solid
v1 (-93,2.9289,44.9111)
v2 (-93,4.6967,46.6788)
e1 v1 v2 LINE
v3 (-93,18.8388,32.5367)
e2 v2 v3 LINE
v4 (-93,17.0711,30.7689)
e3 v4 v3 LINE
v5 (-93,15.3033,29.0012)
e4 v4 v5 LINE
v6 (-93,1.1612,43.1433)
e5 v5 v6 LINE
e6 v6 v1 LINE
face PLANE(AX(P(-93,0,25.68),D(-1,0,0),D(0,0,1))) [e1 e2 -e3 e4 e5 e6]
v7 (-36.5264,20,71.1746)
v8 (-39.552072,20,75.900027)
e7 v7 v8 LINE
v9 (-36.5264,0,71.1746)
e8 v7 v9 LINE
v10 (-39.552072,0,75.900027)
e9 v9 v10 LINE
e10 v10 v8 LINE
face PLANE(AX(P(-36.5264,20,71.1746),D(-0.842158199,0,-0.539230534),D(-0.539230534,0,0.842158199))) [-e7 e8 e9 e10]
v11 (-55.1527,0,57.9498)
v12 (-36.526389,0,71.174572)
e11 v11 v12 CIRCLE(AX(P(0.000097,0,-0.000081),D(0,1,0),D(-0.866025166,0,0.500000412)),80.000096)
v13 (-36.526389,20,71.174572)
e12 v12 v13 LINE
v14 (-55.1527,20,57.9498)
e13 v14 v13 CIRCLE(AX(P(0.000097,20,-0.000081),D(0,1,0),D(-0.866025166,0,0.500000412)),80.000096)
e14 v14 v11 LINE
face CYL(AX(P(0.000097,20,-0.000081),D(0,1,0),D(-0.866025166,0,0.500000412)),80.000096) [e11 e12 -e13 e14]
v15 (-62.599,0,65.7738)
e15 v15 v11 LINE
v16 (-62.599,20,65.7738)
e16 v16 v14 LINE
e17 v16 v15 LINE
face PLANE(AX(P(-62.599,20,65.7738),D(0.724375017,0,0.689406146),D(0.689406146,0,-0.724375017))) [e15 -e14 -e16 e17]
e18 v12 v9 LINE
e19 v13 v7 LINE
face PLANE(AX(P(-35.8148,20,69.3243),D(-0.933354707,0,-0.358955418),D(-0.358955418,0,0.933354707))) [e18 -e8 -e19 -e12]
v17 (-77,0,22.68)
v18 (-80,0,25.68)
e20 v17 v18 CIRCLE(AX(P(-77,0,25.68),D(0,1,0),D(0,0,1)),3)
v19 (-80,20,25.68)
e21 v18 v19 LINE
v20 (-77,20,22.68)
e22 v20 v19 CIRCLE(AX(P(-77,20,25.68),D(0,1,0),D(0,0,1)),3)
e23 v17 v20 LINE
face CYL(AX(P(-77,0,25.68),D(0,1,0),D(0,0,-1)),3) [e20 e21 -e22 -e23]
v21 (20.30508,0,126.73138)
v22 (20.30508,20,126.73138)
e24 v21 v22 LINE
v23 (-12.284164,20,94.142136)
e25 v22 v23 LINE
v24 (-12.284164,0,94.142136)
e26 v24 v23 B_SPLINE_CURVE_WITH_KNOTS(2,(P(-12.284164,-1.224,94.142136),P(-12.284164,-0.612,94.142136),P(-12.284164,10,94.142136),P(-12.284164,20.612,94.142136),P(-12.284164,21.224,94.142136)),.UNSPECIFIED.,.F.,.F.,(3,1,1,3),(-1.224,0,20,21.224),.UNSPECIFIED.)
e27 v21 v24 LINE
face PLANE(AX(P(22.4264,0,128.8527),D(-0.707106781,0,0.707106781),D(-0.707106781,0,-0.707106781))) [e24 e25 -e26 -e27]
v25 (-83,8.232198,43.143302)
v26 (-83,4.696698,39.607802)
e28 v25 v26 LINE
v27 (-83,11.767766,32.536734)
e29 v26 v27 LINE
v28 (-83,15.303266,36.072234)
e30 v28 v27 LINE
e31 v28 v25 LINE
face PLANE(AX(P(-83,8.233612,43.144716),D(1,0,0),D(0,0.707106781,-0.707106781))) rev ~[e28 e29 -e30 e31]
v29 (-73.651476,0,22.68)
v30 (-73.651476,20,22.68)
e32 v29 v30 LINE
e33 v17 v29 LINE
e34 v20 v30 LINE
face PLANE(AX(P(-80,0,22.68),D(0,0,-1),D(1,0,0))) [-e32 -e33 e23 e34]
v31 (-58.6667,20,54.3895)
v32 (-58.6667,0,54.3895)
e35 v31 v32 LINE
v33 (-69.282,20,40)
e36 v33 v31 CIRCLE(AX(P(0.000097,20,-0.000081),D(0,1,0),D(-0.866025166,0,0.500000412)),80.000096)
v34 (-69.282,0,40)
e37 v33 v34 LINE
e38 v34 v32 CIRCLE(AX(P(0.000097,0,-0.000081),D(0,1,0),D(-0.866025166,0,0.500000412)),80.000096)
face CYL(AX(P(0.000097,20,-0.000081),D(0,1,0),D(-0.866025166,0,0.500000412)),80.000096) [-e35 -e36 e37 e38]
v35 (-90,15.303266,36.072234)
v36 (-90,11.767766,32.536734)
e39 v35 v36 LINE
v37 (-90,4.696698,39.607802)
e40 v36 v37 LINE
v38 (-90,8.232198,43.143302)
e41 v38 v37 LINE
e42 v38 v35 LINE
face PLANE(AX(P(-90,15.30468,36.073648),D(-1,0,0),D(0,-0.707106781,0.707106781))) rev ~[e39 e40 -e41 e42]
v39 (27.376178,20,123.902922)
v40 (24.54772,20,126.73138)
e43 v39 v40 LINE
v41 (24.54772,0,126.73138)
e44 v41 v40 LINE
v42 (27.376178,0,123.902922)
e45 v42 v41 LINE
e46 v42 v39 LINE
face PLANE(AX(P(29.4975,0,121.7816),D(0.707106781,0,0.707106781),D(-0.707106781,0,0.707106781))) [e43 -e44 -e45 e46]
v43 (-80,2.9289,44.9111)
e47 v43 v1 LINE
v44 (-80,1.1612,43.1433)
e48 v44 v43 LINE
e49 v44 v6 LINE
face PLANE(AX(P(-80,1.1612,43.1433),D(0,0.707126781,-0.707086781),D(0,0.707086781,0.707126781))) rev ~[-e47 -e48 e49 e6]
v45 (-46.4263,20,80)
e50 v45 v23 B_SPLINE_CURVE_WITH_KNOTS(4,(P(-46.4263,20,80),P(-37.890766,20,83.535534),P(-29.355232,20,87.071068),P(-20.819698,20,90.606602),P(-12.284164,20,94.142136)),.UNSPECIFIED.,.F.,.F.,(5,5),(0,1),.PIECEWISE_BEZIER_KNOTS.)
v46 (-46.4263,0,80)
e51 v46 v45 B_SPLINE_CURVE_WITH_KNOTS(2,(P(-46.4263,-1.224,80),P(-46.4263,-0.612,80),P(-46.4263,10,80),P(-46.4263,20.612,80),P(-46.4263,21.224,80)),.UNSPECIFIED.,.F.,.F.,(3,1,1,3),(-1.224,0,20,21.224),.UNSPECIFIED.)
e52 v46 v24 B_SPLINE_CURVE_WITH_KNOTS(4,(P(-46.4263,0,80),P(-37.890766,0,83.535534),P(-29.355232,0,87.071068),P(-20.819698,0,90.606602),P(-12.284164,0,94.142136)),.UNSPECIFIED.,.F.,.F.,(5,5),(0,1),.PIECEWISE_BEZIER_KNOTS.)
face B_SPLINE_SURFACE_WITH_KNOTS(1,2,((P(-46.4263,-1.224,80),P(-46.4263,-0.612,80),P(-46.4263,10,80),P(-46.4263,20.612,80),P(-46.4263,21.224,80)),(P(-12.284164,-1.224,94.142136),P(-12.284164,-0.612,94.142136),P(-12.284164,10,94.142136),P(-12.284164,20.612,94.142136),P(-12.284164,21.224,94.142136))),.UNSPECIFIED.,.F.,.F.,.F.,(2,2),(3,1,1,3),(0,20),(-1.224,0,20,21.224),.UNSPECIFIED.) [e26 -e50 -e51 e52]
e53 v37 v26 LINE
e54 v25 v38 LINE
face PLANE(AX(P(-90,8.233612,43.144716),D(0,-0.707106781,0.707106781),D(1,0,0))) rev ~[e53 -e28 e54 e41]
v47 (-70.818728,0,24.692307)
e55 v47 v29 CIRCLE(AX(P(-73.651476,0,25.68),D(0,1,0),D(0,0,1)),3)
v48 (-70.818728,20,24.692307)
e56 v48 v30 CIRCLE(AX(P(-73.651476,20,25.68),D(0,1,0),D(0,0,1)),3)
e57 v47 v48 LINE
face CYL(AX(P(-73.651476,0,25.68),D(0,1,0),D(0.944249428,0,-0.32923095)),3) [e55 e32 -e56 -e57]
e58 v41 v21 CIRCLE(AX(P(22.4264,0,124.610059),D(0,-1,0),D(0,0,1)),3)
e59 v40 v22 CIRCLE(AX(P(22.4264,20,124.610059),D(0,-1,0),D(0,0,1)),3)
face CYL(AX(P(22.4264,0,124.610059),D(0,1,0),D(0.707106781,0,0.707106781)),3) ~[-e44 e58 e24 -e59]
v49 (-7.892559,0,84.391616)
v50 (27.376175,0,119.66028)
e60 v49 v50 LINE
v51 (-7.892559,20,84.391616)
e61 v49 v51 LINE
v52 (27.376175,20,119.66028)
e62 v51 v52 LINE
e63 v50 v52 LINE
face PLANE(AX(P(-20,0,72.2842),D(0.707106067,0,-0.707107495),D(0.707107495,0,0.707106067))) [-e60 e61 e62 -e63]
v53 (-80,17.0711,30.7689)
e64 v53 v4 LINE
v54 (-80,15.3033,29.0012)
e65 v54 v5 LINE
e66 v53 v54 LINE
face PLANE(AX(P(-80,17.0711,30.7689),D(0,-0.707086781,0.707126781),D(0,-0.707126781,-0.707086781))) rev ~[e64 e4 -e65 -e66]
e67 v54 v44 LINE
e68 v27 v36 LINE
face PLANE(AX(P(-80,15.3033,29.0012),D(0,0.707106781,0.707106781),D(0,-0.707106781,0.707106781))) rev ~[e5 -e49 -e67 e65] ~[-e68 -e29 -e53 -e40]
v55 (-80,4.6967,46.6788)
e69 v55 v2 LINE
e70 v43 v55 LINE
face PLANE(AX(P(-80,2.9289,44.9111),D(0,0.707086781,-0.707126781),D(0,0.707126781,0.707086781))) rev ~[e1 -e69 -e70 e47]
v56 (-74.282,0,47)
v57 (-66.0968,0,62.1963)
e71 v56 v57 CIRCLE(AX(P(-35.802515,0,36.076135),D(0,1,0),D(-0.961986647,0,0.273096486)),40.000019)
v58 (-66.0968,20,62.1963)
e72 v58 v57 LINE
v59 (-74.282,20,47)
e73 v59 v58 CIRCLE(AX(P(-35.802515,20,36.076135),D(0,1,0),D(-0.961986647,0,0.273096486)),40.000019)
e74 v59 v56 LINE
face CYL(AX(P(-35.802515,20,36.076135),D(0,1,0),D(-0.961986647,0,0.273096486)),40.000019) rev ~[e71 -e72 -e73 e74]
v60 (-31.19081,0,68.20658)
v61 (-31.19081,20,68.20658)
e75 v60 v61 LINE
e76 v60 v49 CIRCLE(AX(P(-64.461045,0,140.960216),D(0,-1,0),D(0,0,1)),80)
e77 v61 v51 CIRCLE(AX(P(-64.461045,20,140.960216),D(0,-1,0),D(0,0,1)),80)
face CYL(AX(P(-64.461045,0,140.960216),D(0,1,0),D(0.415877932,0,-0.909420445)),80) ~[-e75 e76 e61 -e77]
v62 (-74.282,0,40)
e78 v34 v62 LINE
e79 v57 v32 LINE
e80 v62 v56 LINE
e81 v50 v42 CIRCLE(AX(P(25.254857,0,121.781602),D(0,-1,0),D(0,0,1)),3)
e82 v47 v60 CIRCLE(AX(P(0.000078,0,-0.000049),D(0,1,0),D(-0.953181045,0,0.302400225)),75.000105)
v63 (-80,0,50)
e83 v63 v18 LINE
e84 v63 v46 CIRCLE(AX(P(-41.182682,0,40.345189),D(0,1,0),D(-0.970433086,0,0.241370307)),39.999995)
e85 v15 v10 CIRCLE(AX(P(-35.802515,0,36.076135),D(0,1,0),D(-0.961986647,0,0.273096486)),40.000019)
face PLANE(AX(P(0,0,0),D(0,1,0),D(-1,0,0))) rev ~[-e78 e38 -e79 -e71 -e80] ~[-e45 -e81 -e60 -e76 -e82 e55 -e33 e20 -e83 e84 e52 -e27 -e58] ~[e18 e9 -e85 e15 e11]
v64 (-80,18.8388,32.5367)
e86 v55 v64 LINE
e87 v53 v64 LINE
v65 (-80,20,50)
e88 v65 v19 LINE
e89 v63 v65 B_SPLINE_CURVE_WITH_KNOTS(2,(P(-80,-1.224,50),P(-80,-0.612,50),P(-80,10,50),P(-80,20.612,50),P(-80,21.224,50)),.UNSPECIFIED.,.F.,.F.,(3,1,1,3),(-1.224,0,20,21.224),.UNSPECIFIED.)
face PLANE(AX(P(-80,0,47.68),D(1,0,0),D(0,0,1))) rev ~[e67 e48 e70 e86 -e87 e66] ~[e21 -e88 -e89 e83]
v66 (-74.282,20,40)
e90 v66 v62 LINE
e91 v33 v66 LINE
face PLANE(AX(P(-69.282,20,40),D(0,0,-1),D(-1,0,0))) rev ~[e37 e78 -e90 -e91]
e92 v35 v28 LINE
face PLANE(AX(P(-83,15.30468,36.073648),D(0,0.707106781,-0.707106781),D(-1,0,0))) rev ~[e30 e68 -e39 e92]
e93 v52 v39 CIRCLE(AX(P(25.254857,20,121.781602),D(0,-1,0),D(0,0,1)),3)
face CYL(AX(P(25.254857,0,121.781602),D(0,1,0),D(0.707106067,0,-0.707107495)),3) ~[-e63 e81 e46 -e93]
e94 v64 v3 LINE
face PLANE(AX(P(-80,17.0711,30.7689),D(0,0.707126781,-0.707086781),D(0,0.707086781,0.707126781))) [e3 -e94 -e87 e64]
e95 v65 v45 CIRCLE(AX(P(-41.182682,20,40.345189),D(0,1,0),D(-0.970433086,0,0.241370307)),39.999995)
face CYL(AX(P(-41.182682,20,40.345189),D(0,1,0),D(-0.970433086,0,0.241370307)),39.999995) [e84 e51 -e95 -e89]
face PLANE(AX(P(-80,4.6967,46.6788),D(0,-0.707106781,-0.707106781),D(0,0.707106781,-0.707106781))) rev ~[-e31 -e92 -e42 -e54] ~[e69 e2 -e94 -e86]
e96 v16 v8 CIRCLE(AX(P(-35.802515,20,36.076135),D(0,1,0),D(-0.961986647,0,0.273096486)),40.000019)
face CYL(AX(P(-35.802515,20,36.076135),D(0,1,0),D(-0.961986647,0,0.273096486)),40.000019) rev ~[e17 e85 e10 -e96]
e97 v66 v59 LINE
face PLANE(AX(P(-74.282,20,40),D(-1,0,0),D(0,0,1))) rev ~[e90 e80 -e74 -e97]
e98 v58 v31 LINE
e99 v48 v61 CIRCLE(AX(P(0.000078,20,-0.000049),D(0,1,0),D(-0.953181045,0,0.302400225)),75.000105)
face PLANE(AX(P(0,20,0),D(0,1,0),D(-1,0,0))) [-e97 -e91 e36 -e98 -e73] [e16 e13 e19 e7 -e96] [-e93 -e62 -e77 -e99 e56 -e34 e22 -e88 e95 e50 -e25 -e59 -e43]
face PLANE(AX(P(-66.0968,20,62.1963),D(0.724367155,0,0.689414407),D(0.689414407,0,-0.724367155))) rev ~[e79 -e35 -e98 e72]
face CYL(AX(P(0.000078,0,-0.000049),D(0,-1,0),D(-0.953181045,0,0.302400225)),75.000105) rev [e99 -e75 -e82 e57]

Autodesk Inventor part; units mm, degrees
ref_plane "YZ Plane" through (0, 0, 0) normal (1, 0, 0) x (0, 1, 0)
ref_plane "XZ Plane" through (0, 0, 0) normal (0, 1, 0) x (-1, 0, 0)
ref_plane "XY Plane" through (0, 0, 0) normal (0, 0, 1) x (1, 0, 0)
sketch "Boceto1" plane through (0, 0, 0) normal (0, 1, 0) x (-1, 0, 0)
  line L0 (80, 47.68) -> (80, 52.68)
  line L1 (80, 47.68) -> (80, 22.68)
  line L2 (80, 22.68) -> (75, 22.68)
  line L3 (75, 22.68) -> (71.4886, 22.68)
  line L4 (80, 80) -> (80, 52.68)
  line L5 (20, 72.2842) -> (-29.4975, 121.7816)
  line L6 (20, 72.2842) -> (90, 72.2842) construction
  line L7 (-29.4975, 121.7816) -> (-22.4264, 128.8527)
  line L8 (29.9618, 80) -> (80, 80)
  arc A0 (71.4886, 22.68) -> (20, 72.2842) centre (0, 0) ccw
  line L9 (-22.4264, 128.8527) -> (26.4263, 80)
  line L10 (26.4263, 80) -> (29.9618, 80)
  dimension "d4" = 5
  dimension "d5" = 25
  dimension "d21" = 70
  dimension "d22" = 135
  dimension "d23" = 10
extrude "Extrusión5" add sketch "Boceto1" along normal blind 20
fillet "Empalme3" radius 80 1 edges at (-20, 10, 72.2842)
fillet "Empalme4" radius 3 4 edges at (29.4975, 10, 121.7816) (22.4264, 10, 128.8527) (-71.4886, 10, 22.68) (-80, 10, 22.68)
fillet "Empalme5" radius 30 1 edges at (-80, 10, 80)
chamfer "Chaflán1" distance 20 angle 45 1 edges at (-26.4263, 10, 80)
sketch "Boceto4" plane through (0, 20, 0) normal (0, 1, 0) x (1, 0, 0)
  arc A0 (-69.282, -40) -> (-27.3616, -75.1754) centre (0, 0) ccw
  line L0 (0, 0) -> (-69.282, -40) construction
  line L1 (0, 0) -> (80, 0) construction
  line L2 (0, 0) -> (-27.3616, -75.1754) construction
  line L3 (-69.282, -40) -> (-74.282, -40)
  line L4 (-74.282, -40) -> (-74.282, -47)
  arc A1 (-74.282, -47) -> (-27.3616, -75.1754) centre (-35.8026, -36.0762) ccw
  dimension "d35" = 80
  dimension "d36" = 150
  dimension "d37" = 40
  dimension "d38" = 5
  dimension "d39" = 7
  dimension "d40" = 40
extrude "Extrusión6" cut sketch "Boceto4" against normal blind 20
sketch "Boceto5" plane through (0, 20, 0) normal (0, 1, 0) x (1, 0, 0)
  line L0 (-80, -50) -> (-80, -25.68) projected
  line L1 (-46.4263, -80) -> (-50, -80) projected
  arc A0 (-80, -50) -> (-46.4263, -80) centre (-41.1827, -40.3452) ccw
  arc A1 (-80, -50) -> (-46.4263, -80) centre (-50.0008, -50.2137) ccw
  line L2 (-27.3616, -75.1754) -> (-17.3616, -75.1754) construction
  point P0 (0, 0)
  dimension "d43" = 40
  dimension "d44" = 30
extrude "Extrusión7" cut sketch "Boceto5" against normal blind 20
sketch "Boceto6" plane through (0, 20, 0) normal (0, 1, 0) x (1, 0, 0)
  line L0 (-36.5264, -71.1746) -> (-40.1604, -76.8501)
  line L1 (-40.1604, -76.8501) -> (-29.2954, -83.1239)
  line L2 (-29.2954, -83.1239) -> (-25.1938, -76.0206)
  line L3 (-25.1938, -76.0206) -> (-24.7057, -75.1754)
  line L4 (-24.7057, -75.1754) -> (-35.8148, -69.3243)
  line L5 (-35.8148, -69.3243) -> (-36.5264, -71.1746)
  point P0 (0, 0)
  point P1 (-74.282, -47)
  dimension "d50" = 44.8319
extrude "Extrusión8" add sketch "Boceto6" against normal blind 20
sketch "Boceto7" plane through (0, 20, 0) normal (0, 1, 0) x (1, 0, 0)
  arc A0 (-69.282, -40) -> (-36.5264, -71.1746) centre (0, 0) ccw projected
  line L0 (-69.282, -40) -> (-74.282, -40) projected
  line L1 (-69.282, -40) -> (-69.282, -40)
  arc A1 (-74.282, -47) -> (-39.5521, -75.9) centre (-35.8026, -36.0762) ccw projected
  line L2 (-55.1527, -57.9498) -> (-58.6667, -54.3895)
  line L3 (-66.0968, -62.1963) -> (-58.6667, -54.3895)
  line L4 (-62.599, -65.7738) -> (-55.1527, -57.9498)
  line L5 (-66.0968, -62.1963) -> (-67.4453, -63.6132)
  line L6 (-67.4453, -63.6132) -> (-64.0789, -67.3287)
  line L7 (-64.0789, -67.3287) -> (-62.599, -65.7738)
extrude "Extrusión9" add sketch "Boceto7" against normal blind 20 contours A0 L4 A1 L3 | A1 L7 L6 L5
sketch "Boceto8" plane through (-80, 0, 25.68) normal (-1, 0, 0) x (0, 0, 1)
  line L0 (24.32, 20) -> (24.32, 0) projected
  line L1 (24.32, 20) -> (24.32, 0)
  line L2 (24.32, 0) -> (0, 0) projected
  line L3 (0, 0) -> (0, 20) projected
  line L4 (12.16, 10) -> (22.16, 10) construction
  line L5 (5.0889, 17.0711) -> (6.8567, 18.8388)
  line L6 (19.2311, 2.9289) -> (20.9988, 4.6967)
  line L7 (20.9988, 4.6967) -> (6.8567, 18.8388)
  line L8 (5.0889, 17.0711) -> (3.3212, 15.3033)
  line L9 (3.3212, 15.3033) -> (17.4633, 1.1612)
  line L10 (17.4633, 1.1612) -> (19.2311, 2.9289)
  point P0 (-25.68, 0)
  dimension "d59" = 10
  dimension "d61" = 10
  dimension "d62" = 2.5
  dimension "d63" = 2.5
extrude "Extrusión10" add sketch "Boceto8" along normal blind 13
sketch "Boceto9" plane through (-93, 18.8388, 32.5367) normal (0, 0.7071, 0.7071) x (1, 0, 0)
  line L0 (13, -20) -> (0, -20) projected
  line L1 (0, -20) -> (0, 0) projected
  line L2 (0, -20) -> (0, 0)
  line L3 (3, -10) -> (3, -15)
  line L4 (3, -15) -> (10, -15)
  line L5 (10, -15) -> (10, -5)
  line L6 (10, -5) -> (3, -5)
  line L7 (3, -5) -> (3, -10)
  point P0 (93, 9.6859)
  dimension "d67" = 5
  dimension "d68" = 7
  dimension "d69" = 10
extrude "Extrusión11" cut sketch "Boceto9" against normal blind 5
properties part number "Positioner_Adapter_Der" material "ABS Plastic Black"
